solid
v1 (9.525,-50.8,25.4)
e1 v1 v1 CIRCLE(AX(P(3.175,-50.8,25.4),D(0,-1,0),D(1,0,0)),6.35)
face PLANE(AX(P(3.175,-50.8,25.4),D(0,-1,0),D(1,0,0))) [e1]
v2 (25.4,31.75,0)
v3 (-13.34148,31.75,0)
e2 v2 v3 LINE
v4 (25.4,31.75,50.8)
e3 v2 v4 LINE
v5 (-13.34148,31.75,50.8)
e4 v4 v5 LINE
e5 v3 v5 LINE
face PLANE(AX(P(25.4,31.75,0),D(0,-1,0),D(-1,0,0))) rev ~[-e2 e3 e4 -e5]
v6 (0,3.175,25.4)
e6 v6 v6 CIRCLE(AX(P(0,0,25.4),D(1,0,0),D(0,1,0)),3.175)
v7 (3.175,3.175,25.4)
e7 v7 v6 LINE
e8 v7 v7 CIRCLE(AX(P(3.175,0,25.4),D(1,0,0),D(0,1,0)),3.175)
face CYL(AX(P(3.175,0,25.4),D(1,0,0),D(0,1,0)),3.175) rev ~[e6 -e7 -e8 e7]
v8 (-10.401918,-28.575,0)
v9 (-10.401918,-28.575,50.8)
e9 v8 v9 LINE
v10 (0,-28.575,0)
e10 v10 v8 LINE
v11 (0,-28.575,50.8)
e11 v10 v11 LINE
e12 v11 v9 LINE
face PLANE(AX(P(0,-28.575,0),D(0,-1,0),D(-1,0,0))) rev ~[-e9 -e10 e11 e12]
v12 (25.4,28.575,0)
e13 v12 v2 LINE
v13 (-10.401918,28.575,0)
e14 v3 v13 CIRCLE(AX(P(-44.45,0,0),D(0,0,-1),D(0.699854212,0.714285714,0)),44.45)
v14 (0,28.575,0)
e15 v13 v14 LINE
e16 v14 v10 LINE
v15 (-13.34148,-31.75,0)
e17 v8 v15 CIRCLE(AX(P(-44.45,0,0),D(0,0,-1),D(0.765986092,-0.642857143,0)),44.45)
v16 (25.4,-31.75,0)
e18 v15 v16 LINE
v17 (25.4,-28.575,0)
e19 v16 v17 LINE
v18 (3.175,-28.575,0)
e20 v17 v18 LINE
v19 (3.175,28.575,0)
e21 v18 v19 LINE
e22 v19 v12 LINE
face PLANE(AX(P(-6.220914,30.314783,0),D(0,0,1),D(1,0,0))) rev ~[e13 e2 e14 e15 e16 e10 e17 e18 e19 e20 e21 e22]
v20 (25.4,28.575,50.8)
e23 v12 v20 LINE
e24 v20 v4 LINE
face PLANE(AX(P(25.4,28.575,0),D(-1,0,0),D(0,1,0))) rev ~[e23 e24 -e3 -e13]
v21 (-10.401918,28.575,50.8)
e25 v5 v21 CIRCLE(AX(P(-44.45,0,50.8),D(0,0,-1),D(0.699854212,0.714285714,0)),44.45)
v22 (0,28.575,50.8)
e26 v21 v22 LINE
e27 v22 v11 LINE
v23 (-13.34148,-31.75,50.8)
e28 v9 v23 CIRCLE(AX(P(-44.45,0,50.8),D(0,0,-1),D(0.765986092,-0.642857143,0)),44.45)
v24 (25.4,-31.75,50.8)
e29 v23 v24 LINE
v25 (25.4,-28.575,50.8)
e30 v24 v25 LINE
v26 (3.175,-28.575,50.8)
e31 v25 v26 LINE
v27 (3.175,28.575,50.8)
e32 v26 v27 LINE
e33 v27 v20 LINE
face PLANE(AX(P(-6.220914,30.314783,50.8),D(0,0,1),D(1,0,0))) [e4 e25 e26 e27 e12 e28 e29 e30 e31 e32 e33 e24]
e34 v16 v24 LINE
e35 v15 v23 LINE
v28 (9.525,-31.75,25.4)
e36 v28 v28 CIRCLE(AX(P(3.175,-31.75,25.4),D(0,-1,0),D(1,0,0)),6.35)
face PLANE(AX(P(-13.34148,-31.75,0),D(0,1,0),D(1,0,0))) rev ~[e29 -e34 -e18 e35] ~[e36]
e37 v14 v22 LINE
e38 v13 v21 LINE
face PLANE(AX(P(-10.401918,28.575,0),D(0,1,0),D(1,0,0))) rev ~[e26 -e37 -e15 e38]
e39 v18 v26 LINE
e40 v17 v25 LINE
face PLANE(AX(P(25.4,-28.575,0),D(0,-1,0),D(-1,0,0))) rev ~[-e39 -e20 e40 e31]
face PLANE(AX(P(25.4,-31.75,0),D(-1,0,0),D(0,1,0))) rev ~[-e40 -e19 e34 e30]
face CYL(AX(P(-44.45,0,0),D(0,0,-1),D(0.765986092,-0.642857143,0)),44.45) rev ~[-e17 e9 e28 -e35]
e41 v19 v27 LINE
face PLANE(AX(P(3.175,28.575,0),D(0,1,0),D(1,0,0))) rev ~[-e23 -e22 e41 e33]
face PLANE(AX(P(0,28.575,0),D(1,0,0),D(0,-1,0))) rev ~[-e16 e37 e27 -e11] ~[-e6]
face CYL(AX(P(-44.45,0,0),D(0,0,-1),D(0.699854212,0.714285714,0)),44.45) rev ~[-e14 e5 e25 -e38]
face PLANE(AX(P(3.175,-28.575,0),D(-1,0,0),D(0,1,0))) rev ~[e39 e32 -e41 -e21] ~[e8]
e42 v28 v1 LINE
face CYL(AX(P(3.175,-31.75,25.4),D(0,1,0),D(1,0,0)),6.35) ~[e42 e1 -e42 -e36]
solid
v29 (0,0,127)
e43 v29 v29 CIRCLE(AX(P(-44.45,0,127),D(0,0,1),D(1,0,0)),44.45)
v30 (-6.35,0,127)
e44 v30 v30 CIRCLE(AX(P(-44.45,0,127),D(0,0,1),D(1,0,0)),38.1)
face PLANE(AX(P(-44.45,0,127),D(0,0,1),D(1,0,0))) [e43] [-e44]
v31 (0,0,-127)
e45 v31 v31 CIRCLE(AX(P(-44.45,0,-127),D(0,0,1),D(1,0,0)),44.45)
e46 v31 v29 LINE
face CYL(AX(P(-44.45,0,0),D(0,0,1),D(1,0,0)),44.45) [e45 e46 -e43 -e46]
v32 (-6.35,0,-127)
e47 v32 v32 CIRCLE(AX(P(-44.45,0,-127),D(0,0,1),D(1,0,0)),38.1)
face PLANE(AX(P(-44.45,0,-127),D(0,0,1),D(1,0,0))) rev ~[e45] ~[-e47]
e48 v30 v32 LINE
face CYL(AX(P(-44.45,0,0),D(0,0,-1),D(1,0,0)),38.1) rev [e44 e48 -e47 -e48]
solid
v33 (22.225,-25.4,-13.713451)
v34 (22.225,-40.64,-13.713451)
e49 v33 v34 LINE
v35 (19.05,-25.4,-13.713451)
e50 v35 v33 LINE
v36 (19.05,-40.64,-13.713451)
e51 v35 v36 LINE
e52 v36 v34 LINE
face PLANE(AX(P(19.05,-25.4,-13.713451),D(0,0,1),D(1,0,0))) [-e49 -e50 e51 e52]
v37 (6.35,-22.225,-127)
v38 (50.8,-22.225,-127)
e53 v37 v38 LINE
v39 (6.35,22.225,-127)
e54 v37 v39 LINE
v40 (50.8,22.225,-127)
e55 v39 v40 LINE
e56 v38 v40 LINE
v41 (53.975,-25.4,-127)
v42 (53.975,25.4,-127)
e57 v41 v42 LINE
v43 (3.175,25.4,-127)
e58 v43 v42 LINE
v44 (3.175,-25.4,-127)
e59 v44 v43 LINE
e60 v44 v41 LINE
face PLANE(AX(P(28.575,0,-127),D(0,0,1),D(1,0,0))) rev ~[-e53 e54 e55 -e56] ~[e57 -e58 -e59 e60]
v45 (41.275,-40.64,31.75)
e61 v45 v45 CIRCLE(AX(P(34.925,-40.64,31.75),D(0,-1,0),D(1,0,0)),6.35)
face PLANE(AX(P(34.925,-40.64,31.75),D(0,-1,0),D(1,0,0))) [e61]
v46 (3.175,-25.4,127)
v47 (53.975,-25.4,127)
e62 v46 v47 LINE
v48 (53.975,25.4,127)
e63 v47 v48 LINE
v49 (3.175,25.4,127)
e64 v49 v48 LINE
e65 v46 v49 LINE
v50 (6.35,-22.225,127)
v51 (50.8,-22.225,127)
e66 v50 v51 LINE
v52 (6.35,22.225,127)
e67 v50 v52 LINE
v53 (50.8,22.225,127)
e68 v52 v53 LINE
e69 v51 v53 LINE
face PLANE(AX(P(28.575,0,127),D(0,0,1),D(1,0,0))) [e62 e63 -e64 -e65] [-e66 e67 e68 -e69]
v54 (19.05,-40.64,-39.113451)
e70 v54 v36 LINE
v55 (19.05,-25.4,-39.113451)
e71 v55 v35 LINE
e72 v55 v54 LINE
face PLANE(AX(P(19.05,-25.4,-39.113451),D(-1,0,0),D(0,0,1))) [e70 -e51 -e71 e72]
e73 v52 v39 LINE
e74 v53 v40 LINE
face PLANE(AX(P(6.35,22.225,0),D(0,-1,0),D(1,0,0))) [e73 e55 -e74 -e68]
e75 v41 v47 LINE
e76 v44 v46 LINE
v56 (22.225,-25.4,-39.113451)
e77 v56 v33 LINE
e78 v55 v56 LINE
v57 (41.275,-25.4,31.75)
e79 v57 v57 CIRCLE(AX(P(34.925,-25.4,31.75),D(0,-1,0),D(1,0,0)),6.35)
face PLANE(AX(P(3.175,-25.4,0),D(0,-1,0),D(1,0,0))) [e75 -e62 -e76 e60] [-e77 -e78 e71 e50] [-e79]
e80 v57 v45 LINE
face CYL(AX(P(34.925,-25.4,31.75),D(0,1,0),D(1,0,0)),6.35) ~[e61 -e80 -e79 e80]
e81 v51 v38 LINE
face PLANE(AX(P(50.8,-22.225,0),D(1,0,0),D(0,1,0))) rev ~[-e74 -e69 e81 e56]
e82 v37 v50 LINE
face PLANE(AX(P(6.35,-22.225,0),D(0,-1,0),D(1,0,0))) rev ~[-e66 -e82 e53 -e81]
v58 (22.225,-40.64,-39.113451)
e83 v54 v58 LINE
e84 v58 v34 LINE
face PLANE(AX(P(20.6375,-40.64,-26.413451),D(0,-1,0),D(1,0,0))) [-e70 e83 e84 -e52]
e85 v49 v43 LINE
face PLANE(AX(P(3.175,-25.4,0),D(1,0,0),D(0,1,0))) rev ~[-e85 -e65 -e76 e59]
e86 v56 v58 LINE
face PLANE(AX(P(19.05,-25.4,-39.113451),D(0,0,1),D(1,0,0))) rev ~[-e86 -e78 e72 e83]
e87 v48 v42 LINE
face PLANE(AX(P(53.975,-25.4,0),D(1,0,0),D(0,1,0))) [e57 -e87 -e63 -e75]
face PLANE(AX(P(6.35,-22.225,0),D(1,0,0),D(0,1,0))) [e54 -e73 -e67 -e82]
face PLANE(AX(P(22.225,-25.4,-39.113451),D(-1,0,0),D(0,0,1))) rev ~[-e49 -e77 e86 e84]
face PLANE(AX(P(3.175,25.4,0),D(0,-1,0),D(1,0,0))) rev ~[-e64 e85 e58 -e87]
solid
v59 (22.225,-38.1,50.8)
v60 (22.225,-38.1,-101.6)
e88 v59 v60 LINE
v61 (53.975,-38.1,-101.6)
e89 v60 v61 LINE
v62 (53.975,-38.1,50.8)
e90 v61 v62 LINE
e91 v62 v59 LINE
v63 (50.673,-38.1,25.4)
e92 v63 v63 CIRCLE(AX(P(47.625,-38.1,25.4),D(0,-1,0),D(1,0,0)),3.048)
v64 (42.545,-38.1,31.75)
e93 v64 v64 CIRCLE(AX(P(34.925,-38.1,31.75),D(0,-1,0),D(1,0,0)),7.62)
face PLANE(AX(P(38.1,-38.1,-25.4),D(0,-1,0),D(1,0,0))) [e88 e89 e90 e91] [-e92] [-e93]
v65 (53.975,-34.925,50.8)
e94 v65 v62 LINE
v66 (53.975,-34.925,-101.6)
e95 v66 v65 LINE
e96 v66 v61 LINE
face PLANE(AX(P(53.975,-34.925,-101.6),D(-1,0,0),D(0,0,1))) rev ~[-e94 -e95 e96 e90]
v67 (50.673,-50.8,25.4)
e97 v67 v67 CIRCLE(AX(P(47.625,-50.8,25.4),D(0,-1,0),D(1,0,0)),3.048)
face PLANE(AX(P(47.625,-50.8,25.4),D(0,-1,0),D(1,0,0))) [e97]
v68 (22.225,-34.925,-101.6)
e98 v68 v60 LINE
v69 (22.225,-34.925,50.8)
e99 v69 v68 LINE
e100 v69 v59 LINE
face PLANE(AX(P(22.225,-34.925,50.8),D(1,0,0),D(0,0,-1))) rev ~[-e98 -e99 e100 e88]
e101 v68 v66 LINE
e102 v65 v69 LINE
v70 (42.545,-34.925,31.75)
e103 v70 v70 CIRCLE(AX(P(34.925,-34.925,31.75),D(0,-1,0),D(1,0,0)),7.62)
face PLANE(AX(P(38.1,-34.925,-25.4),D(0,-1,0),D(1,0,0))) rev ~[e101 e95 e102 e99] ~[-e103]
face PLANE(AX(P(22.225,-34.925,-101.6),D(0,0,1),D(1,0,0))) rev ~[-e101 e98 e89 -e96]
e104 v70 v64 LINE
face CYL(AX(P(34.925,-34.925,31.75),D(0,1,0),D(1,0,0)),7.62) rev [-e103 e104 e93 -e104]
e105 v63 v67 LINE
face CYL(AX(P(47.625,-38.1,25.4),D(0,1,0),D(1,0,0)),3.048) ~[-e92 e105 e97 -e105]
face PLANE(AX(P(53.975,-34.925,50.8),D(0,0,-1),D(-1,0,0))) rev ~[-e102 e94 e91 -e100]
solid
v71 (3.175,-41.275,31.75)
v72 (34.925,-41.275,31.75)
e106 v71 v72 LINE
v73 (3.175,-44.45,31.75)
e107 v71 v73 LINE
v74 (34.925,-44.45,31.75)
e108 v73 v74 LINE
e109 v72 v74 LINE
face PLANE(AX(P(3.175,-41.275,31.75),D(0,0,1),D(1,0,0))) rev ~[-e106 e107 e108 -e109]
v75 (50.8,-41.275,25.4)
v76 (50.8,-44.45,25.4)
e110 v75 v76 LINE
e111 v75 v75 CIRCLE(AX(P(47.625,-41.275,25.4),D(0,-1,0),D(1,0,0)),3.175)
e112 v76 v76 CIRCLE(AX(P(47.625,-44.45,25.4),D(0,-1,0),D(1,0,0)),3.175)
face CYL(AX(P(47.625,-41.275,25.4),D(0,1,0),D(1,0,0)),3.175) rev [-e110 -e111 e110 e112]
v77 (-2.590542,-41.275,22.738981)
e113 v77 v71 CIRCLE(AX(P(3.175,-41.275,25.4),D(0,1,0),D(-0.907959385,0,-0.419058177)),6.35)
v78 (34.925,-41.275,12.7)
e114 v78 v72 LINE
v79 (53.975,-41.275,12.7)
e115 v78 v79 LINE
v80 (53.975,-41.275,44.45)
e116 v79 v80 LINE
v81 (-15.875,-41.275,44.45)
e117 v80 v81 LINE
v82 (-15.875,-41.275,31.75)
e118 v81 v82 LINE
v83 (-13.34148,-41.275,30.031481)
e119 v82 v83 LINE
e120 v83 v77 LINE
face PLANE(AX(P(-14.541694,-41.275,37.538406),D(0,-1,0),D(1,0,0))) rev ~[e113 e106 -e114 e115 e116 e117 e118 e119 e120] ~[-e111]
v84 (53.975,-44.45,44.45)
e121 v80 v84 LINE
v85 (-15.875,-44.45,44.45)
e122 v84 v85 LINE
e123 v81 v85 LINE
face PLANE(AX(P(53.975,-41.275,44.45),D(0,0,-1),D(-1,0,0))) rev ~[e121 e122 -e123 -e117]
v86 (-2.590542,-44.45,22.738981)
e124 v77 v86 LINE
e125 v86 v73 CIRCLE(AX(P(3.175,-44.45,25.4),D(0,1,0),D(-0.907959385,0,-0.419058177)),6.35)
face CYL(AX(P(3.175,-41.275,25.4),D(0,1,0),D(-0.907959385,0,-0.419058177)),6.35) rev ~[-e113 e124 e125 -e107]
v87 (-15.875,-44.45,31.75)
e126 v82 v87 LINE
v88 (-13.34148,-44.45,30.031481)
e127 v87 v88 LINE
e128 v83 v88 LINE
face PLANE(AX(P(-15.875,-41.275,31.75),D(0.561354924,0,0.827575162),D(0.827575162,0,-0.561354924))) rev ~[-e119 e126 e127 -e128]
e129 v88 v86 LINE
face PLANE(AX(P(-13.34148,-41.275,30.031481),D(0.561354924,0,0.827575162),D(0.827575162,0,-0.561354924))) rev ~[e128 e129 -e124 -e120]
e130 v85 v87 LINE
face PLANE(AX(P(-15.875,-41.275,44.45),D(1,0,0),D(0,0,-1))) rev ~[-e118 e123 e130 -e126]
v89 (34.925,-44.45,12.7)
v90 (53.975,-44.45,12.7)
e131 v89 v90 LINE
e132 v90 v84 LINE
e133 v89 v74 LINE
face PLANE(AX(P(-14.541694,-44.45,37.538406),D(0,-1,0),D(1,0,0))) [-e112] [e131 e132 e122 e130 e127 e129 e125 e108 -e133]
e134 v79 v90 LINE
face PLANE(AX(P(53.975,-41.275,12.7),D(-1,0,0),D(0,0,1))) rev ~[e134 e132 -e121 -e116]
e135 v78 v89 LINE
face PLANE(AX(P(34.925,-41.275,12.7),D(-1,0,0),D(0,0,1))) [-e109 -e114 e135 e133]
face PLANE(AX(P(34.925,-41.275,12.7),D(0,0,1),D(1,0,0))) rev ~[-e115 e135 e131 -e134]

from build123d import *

# Parameters (mm, degrees)
F1_DEPTH  = 50.8
F2_R      = 3.175
F3_DEPTH  = 16.5174802667
F4_R      = 44.45
F4_R_2    = 38.1
F5_DEPTH  = 127
F4_W      = 50.8
F4_H      = 50.8
F4_W_2    = 44.45
F4_H_2    = 44.45
F6_R      = 6.35
F7_DEPTH  = 19.05
F8_R      = 6.35
F8_W      = 3.175
F8_H      = 25.4
F9_DEPTH  = 15.24
F11_START = 9.525
F10_W     = 19.05
F10_H     = 19.05
F10_R     = 3.175
F11_DEPTH = 3.175
F12_START = 9.525
F8_R_2    = 7.62
F12_DEPTH = 3.175
F13_R     = 3.048
F14_DEPTH = 12.7


with BuildPart() as f1:
    # F0 (on Top) → F1 (new body)
    with BuildSketch(Plane.XY):
        with BuildLine():
            Line((0, 28.575), (0, 31.75))
            Line((0, 31.75), (-13.3414802667, 31.75))
            ThreePointArc((-13.3414802667, 31.75), (-11.8330437127, 30.1982890666), (-10.4019181891, 28.575))
            Line((-10.4019181891, 28.575), (0, 28.575))
        make_face()
        Polygon((25.4, 28.575), (25.4, 31.75), (0, 31.75), (0, 28.575), (0, -28.575), (0, -31.75), (25.4, -31.75), (25.4, -28.575), (3.175, -28.575), (3.175, 28.575), align=None)
        with BuildLine():
            Line((0, -31.75), (0, -28.575))
            Line((0, -28.575), (-10.4019181891, -28.575))
            ThreePointArc((-10.4019181891, -28.575), (-11.8330437127, -30.1982890666), (-13.3414802667, -31.75))
            Line((-13.3414802667, -31.75), (0, -31.75))
        make_face()
    extrude(amount=F1_DEPTH)

    # F2 (on face) → F3 (cut, through all)
    with BuildSketch(Plane.YZ.offset(3.175)):
        with Locations((0, 25.4)):
            Circle(F2_R)
    extrude(amount=-F3_DEPTH, mode=Mode.SUBTRACT)

    # F6 (on face) → F7 (join)
    with BuildSketch(Plane.XZ.offset(31.75)):
        with Locations((3.175, 25.4)):
            Circle(F6_R)
    extrude(amount=F7_DEPTH)


with BuildPart() as f5:
    # F4 (on Top) → F5 (new body, symmetric)
    with BuildSketch(Plane.XY):
        with Locations((-44.45, 0)):
            Circle(F4_R)
        with Locations((-44.45, 0)):
            Circle(F4_R_2, mode=Mode.SUBTRACT)
    extrude(amount=F5_DEPTH, both=True)


with BuildPart() as f5b:
    # F4 (on Top) → F5, piece 2 (new body, symmetric)
    with BuildSketch(Plane.XY):
        with Locations((28.575, 0)):
            Rectangle(F4_W, F4_H)
        with Locations((28.575, 0)):
            Rectangle(F4_W_2, F4_H_2, mode=Mode.SUBTRACT)
    extrude(amount=F5_DEPTH, both=True)

    # F8 (on face) → F9 (join)
    with BuildSketch(Plane.XZ.offset(25.4)):
        with Locations((34.925, 31.75)):
            Circle(F8_R)
        with Locations((20.6375, -26.4134507954)):
            Rectangle(F8_W, F8_H)
    extrude(amount=F9_DEPTH)


with BuildPart() as f11:
    # F10 (on face) → F11 (new body)
    with BuildSketch(Plane.XZ.offset(31.75).offset(F11_START)):
        Polygon((-13.3414802667, 30.0314808332), (-13.3414802667, 44.45), (-15.875, 44.45), (-15.875, 31.75), align=None)
        Polygon((25.4, 31.75), (34.925, 31.75), (53.975, 31.75), (53.975, 44.45), (25.4, 44.45), align=None)
        with BuildLine():
            Line((3.175, 31.75), (25.4, 31.75))
            Line((25.4, 31.75), (25.4, 44.45))
            Line((25.4, 44.45), (-13.3414802667, 44.45))
            Line((-13.3414802667, 44.45), (-13.3414802667, 30.0314808332))
            Line((-13.3414802667, 30.0314808332), (-2.5905420916, 22.7389805731))
            ThreePointArc((-2.5905420916, 22.7389805731), (-2.173830403, 28.8223549377), (3.175, 31.75))
        make_face()
        with Locations((44.45, 22.225)):
            Rectangle(F10_W, F10_H)
        with Locations((47.625, 25.4)):
            Circle(F10_R, mode=Mode.SUBTRACT)
    extrude(amount=F11_DEPTH)


with BuildPart() as f12:
    # F8 (on face) → F12 (new body)
    with BuildSketch(Plane.XZ.offset(25.4).offset(F12_START)):
        Polygon((53.975, -101.6), (53.975, 50.8), (22.225, 50.8), (22.225, -13.7134507954), (22.225, -39.1134507954), (22.225, -101.6), align=None)
        with Locations((34.925, 31.75)):
            Circle(F8_R_2, mode=Mode.SUBTRACT)
    extrude(amount=F12_DEPTH)

    # F13 (on face) → F14 (join)
    with BuildSketch(Plane.XZ.offset(38.1)):
        with Locations((47.625, 25.4)):
            Circle(F13_R)
    extrude(amount=F14_DEPTH)


solid = Compound([f1.part, f5.part, f5b.part, f11.part, f12.part])
